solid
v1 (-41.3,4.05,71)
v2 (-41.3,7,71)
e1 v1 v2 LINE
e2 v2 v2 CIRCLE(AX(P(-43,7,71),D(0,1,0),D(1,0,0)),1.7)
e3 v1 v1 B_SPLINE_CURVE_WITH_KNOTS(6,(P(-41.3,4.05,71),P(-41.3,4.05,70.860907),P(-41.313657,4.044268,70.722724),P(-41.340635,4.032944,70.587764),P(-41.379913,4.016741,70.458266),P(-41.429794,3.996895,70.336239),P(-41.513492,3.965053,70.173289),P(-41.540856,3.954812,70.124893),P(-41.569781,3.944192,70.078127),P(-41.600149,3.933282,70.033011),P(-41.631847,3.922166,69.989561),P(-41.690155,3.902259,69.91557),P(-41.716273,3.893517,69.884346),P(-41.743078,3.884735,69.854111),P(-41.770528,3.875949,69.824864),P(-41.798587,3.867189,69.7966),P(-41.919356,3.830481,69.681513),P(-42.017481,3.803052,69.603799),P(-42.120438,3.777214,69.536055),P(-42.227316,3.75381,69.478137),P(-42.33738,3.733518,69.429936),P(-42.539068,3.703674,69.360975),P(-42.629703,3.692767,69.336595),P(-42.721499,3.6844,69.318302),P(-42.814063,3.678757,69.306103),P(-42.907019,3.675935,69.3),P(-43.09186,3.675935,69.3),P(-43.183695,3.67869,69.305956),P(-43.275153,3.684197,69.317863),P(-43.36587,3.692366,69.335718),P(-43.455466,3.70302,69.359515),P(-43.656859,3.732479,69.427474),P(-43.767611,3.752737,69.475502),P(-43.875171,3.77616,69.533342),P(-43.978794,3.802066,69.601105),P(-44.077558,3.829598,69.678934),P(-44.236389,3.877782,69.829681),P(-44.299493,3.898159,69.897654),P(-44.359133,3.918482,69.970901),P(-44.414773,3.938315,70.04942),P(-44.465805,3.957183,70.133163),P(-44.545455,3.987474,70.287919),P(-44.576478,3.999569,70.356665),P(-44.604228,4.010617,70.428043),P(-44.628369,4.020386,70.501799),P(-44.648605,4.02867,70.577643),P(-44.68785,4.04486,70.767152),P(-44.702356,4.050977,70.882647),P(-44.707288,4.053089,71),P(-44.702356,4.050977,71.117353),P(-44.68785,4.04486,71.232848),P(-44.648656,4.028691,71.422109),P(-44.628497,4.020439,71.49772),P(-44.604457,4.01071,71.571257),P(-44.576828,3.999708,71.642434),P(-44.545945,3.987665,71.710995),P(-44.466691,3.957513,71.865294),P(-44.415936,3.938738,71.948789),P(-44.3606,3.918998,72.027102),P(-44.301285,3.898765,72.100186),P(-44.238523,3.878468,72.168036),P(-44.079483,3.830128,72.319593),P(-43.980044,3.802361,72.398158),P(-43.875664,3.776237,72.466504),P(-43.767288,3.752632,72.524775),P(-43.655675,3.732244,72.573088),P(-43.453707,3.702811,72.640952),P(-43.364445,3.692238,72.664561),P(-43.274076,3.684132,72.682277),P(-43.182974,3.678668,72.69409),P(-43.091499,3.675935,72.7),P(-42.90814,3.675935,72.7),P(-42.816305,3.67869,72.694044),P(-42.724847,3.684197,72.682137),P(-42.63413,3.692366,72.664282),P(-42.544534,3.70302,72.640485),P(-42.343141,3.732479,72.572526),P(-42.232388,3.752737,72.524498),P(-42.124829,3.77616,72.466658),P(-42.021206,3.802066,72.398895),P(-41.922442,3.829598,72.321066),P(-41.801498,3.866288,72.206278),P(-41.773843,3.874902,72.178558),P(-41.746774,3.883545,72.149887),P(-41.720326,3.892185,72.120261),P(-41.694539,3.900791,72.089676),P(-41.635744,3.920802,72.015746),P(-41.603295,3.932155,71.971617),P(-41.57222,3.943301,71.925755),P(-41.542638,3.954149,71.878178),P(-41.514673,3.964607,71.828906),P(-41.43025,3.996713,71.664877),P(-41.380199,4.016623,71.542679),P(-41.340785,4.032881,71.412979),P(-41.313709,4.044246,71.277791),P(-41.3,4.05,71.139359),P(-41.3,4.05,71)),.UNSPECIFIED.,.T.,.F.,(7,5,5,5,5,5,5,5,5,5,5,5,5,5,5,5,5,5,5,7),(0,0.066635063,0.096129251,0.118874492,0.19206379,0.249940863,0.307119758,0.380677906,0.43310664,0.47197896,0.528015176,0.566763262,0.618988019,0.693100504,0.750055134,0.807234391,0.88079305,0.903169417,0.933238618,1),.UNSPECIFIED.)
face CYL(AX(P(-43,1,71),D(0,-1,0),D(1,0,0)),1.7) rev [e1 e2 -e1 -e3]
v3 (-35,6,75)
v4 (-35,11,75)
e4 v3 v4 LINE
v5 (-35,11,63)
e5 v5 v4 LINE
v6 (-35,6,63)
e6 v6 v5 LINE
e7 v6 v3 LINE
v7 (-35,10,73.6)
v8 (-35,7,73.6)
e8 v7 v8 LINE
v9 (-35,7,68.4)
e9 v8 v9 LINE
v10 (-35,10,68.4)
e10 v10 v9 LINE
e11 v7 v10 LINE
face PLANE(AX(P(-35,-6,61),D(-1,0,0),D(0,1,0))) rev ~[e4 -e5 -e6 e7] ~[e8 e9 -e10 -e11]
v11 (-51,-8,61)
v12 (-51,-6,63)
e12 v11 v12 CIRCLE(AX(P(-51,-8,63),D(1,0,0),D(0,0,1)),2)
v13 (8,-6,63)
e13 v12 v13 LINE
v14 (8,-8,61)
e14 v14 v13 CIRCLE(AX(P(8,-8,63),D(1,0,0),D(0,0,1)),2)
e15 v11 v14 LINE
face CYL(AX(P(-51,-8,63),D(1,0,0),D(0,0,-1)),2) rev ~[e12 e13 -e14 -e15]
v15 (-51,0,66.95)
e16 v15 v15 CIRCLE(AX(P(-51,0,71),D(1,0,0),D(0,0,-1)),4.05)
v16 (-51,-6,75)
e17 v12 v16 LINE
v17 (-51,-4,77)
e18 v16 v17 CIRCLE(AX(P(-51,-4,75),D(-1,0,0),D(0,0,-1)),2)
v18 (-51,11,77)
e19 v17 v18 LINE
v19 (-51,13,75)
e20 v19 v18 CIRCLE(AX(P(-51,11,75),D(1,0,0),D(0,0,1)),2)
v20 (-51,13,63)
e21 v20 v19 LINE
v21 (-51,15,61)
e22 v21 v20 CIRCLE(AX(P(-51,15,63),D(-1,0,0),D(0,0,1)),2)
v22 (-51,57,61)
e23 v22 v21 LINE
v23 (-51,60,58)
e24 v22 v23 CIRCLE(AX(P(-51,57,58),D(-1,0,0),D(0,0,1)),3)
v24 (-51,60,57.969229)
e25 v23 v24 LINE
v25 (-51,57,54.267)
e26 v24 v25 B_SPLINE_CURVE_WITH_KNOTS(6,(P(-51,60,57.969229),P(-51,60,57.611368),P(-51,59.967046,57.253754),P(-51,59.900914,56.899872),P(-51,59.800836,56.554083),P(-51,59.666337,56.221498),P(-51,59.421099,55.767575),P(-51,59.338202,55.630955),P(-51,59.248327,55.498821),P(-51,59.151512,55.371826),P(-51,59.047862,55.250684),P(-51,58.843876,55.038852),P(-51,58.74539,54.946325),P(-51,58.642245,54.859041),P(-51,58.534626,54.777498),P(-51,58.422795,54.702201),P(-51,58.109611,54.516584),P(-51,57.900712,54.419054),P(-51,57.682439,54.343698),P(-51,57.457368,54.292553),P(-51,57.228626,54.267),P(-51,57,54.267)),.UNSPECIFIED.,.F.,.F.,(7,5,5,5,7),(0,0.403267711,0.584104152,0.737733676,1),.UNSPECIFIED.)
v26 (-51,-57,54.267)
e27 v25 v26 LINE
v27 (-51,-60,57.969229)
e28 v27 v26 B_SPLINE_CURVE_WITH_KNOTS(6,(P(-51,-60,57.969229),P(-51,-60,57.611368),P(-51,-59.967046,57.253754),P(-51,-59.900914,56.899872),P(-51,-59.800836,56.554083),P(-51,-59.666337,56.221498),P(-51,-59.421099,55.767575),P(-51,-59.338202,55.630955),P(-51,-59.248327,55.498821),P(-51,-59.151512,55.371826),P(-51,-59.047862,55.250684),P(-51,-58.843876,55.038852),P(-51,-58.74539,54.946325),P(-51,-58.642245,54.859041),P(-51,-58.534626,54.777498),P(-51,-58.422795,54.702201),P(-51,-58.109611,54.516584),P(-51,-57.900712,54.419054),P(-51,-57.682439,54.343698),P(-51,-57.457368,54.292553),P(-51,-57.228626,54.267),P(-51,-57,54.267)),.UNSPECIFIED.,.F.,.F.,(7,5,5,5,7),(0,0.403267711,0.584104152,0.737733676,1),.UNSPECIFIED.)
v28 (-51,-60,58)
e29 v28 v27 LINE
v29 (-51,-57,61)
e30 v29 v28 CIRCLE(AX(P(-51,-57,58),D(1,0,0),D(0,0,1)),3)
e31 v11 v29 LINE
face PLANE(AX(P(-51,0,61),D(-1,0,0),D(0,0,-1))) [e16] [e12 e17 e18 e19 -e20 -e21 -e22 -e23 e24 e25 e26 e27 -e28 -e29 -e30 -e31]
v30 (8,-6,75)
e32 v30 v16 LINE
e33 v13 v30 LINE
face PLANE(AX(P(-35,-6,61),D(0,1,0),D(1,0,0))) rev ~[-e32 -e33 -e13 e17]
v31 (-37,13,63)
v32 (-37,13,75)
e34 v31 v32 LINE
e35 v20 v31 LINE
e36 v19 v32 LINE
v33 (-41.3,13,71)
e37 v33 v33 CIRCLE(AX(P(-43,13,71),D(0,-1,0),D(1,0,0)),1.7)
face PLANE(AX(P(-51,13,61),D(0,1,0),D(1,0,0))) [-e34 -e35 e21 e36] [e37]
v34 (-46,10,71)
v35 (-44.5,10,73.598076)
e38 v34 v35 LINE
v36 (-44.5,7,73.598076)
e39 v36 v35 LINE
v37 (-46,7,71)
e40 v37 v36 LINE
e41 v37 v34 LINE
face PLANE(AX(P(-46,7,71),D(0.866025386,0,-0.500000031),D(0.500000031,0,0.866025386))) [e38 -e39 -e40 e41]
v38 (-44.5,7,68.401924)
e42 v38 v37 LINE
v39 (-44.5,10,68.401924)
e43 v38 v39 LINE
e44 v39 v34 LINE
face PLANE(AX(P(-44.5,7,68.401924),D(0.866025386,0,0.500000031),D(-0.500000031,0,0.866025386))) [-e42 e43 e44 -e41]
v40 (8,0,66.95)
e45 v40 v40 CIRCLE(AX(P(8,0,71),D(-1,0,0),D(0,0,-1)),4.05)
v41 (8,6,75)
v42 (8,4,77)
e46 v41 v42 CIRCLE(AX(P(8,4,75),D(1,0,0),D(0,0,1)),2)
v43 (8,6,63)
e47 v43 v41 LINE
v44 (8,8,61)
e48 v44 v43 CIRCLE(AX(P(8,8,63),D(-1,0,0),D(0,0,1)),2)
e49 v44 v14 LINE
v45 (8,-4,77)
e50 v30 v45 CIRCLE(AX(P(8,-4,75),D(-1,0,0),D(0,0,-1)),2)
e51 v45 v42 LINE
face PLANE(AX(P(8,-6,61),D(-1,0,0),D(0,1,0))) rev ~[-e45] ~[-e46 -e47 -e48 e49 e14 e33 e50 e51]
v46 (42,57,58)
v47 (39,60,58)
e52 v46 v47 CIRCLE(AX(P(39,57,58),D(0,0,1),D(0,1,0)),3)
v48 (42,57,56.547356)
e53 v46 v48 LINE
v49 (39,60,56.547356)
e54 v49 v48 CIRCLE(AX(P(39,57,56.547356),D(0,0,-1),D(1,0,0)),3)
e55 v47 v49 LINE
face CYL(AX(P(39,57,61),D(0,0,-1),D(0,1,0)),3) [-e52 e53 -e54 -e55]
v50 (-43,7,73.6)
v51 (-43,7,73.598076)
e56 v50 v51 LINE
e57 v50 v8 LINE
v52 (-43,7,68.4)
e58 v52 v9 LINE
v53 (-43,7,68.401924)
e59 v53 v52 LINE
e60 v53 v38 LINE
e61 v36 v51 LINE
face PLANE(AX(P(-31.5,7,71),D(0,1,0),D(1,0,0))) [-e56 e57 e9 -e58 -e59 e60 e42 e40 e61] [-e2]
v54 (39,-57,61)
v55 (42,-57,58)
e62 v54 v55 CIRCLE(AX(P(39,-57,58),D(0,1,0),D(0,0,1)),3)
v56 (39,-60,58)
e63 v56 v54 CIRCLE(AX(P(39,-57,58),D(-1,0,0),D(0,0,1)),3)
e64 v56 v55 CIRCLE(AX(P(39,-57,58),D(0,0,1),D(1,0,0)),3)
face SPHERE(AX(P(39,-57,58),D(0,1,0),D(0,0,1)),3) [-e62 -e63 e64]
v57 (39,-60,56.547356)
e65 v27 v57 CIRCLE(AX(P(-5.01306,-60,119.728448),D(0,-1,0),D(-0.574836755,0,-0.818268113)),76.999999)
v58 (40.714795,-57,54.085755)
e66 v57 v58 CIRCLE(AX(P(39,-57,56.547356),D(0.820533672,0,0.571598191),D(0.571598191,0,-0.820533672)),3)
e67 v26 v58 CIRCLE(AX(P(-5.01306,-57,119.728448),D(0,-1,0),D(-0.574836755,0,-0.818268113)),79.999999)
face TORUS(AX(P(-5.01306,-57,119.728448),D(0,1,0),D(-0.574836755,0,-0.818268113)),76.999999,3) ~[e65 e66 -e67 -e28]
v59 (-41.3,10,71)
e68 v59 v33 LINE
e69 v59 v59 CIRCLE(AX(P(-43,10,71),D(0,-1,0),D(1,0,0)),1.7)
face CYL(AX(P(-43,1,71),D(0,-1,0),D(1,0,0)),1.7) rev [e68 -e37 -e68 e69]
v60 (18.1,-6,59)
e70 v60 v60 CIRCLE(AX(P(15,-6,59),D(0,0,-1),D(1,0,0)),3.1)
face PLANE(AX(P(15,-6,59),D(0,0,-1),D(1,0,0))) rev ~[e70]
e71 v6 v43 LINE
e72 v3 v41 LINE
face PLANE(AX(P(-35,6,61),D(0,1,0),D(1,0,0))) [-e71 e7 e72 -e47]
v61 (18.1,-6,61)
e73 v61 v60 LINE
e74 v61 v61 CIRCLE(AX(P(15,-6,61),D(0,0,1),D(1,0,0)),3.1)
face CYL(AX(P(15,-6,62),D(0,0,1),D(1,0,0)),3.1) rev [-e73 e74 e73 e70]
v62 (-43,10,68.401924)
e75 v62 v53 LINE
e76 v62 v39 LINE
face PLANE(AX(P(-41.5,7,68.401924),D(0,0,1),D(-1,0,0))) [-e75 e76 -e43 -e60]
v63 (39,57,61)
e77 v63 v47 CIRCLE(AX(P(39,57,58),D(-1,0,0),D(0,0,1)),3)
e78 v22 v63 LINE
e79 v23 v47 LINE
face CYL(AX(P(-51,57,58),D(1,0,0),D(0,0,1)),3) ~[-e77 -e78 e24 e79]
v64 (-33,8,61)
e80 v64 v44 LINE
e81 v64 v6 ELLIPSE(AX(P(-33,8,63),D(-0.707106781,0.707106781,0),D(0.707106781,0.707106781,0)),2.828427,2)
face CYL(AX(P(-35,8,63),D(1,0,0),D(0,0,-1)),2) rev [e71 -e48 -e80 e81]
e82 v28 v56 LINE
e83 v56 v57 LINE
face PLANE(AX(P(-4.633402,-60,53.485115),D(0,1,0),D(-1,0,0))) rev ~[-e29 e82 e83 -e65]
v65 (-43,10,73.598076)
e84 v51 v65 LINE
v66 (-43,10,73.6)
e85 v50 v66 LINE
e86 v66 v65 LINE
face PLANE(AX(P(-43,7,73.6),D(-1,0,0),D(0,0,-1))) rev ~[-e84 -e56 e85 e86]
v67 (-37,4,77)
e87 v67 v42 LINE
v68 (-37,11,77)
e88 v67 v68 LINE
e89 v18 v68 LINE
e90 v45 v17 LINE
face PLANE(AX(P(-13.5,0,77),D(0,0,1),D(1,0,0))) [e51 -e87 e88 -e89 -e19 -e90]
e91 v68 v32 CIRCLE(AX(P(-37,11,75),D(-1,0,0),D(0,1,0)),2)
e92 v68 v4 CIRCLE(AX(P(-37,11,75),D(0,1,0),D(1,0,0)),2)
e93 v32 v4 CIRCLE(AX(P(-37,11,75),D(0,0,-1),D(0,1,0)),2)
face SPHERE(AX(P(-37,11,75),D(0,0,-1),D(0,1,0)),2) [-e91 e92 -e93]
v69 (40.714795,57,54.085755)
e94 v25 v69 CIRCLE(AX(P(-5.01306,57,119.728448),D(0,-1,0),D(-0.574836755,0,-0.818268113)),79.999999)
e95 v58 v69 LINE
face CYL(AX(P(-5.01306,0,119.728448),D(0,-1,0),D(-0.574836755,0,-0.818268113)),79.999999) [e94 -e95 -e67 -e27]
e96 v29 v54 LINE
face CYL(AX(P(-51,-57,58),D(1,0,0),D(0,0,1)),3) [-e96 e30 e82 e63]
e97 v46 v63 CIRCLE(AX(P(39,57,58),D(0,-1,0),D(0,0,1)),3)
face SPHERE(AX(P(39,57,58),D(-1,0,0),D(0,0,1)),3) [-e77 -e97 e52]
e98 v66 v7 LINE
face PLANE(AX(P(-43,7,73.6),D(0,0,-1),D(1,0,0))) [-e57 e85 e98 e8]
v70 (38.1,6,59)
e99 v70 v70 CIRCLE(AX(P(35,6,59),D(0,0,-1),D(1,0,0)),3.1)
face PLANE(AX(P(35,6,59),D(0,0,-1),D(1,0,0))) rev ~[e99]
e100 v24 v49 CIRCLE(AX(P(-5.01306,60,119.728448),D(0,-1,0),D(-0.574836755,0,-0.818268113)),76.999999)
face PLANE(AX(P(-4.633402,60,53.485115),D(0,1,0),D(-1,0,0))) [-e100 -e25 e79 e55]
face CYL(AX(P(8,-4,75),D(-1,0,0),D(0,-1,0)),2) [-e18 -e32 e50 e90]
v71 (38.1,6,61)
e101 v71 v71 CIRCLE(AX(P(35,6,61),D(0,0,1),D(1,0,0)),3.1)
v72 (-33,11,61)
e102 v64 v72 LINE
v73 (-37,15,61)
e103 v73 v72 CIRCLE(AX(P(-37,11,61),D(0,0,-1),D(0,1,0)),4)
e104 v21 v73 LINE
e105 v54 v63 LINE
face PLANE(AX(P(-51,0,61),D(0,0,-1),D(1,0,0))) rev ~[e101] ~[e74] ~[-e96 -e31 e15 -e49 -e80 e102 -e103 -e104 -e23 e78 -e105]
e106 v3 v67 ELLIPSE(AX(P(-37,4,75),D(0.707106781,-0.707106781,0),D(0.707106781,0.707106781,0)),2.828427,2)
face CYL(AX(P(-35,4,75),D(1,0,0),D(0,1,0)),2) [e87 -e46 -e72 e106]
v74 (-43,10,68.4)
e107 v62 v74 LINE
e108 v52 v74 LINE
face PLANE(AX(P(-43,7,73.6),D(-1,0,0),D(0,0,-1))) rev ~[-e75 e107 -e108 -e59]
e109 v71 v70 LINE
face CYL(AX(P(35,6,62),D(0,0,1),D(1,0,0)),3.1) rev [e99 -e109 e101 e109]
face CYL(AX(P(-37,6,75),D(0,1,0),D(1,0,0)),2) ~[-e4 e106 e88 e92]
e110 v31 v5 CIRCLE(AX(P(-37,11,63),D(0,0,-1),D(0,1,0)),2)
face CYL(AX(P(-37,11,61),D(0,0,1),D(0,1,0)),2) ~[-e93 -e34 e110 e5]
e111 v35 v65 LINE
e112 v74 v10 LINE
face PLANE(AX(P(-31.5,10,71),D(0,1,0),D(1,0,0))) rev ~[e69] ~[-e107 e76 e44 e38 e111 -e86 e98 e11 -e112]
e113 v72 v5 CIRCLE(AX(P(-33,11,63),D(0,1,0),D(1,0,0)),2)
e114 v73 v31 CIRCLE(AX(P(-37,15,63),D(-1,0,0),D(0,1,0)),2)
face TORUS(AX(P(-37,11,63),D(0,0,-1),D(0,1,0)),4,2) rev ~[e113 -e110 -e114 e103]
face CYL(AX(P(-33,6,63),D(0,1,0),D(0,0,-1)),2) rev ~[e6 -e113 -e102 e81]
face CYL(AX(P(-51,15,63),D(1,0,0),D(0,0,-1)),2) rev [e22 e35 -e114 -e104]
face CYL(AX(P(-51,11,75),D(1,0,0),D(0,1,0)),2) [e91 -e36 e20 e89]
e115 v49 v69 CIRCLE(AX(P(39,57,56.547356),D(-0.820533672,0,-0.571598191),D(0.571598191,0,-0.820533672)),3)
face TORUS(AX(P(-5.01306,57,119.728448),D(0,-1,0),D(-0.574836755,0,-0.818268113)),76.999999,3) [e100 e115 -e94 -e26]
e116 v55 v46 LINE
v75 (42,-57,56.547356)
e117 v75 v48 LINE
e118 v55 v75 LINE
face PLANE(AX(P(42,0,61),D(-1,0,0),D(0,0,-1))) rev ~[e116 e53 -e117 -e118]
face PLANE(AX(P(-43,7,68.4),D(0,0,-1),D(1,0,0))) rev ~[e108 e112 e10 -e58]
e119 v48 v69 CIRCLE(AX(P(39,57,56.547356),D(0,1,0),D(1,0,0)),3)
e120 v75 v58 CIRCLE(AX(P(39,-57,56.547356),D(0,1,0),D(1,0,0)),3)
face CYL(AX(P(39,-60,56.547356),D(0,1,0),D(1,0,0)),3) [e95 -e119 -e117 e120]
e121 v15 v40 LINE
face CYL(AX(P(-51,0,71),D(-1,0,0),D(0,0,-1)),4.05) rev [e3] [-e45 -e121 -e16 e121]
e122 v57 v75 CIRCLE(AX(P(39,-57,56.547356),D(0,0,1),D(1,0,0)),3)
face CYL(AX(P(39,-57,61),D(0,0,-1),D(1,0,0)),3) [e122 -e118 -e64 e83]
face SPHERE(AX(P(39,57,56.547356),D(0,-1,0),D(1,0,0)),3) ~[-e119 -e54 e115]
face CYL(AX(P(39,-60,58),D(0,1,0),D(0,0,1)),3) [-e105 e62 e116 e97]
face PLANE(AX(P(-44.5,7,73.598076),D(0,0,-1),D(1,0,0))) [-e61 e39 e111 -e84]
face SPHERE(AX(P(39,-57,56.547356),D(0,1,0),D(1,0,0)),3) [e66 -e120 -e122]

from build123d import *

# Parameters (mm, degrees)
CYLINDER020_R             = 3.1
CYLINDER020_DEPTH         = 3
CYLINDER021_R             = 3.1
CYLINDER021_DEPTH         = 3
CYLINDER022_R             = 1.7
CYLINDER022_DEPTH         = 21
BOX003_W                  = 23
BOX003_H                  = 5.2
BOX003_DEPTH              = 3
PRISM_DEPTH               = 3
FUSION006_PLACEMENT_ANGLE = 90
CYLINDER006_R             = 4.05
CYLINDER006_DEPTH         = 270
EXTRUDE_DEPTH             = 60
BOX002_W                  = 43
BOX002_H                  = 12
BOX002_DEPTH              = 16
BOX_W                     = 16
BOX_H                     = 19
BOX_DEPTH                 = 16
FILLET_R                  = 3
FILLET001_R               = 2


with BuildPart() as cilindro020:
    # Cylinder020 → Cylinder020 (new body)
    with BuildSketch(Plane(origin=(35, 6, 62), x_dir=(1, 0, 0), z_dir=(0, 0, -1))):
        Circle(CYLINDER020_R)
    extrude(amount=CYLINDER020_DEPTH)


with BuildPart() as cilindro021:
    # Cylinder021 → Cylinder021 (new body)
    with BuildSketch(Plane(origin=(15, -6, 62), x_dir=(1, 0, 0), z_dir=(0, 0, -1))):
        Circle(CYLINDER021_R)
    extrude(amount=CYLINDER021_DEPTH)


with BuildPart() as cilindro022:
    # Cylinder022 → Cylinder022 (new body)
    with BuildSketch(Plane.XY.offset(-6)):
        Circle(CYLINDER022_R)
    extrude(amount=CYLINDER022_DEPTH)


with BuildPart() as cubo003:
    # Box003 → Box003 (new body)
    with BuildSketch(Plane(origin=(0, -2.6, 0), x_dir=(1, 0, 0), z_dir=(0, 0, 1))):
        with Locations((11.5, 2.6)):
            Rectangle(BOX003_W, BOX003_H)
    extrude(amount=BOX003_DEPTH)


with BuildPart() as hueco_tornillo:
    # Prism → Prism (new body)
    with BuildSketch(Plane.XY):
        Polygon((3, 0), (1.5, 2.598076), (-1.5, 2.598076), (-3, 0), (-1.5, -2.598076), (1.5, -2.598076), align=None)
    extrude(amount=PRISM_DEPTH)

    # Fusion006: union Cilindro022, Cubo003
    add(cilindro022.part)
    add(cubo003.part)


with BuildPart() as hueco_tornillo_1:
    # Fusion006 placement: moved
    add(hueco_tornillo.part.moved(Location((-43, 7, 71))).rotate(Axis((-43, 7, 71), (-1, 0, 0)), FUSION006_PLACEMENT_ANGLE))


with BuildPart() as fusion005:
    # Cylinder006 → Cylinder006 (new body)
    with BuildSketch(Plane(origin=(-51, 0, 71), x_dir=(0, 0, -1), z_dir=(1, 0, 0))):
        Circle(CYLINDER006_R)
    extrude(amount=CYLINDER006_DEPTH)

    # Fusion005: union Cilindro020, Cilindro021, hueco_tornillo
    add(cilindro020.part)
    add(cilindro021.part)
    add(hueco_tornillo_1.part)


with BuildPart() as extrude_body:
    # Sketch → Extrude (new body, symmetric)
    with BuildSketch(Plane.XZ):
        with BuildLine():
            Line((-51, 61), (42, 61))
            Line((42, 61), (42, 55))
            ThreePointArc((-51, 54.267), (-4.382542, 39.730934), (42, 55))
            Line((-51, 61), (-51, 54.267))
        make_face()
    extrude(amount=EXTRUDE_DEPTH, both=True)


with BuildPart() as cubo002:
    # Box002 → Box002 (new body)
    with BuildSketch(Plane(origin=(-35, -6, 61), x_dir=(1, 0, 0), z_dir=(0, 0, 1))):
        with Locations((21.5, 6)):
            Rectangle(BOX002_W, BOX002_H)
    extrude(amount=BOX002_DEPTH)


with BuildPart() as fillet001:
    # Box → Box (new body)
    with BuildSketch(Plane(origin=(-51, -6, 61), x_dir=(1, 0, 0), z_dir=(0, 0, 1))):
        with Locations((8, 9.5)):
            Rectangle(BOX_W, BOX_H)
    extrude(amount=BOX_DEPTH)

    # Fusion002: union Extrude body, Cubo002
    add(extrude_body.part)
    add(cubo002.part)

    # Cut006: cut Fusion005
    add(fusion005.part, mode=Mode.SUBTRACT)

    # Fillet
    fillet_edges = [fillet001.edges().sort_by_distance(p)[0] for p in [
        (-4.5, 60, 61),
        (42, 0, 61),
        (-4.5, -60, 61),
        (42, 60, 58),
        (-4.382542, 60, 39.730934),
        (42, 0, 55),
        (42, -60, 58),
        (-4.382542, -60, 39.730934),
    ]]
    fillet(fillet_edges, radius=FILLET_R)

    # Fillet001
    fillet001_edges = [fillet001.edges().sort_by_distance(p)[0] for p in [
        (-43, 13, 61),
        (-35, 9.5, 61),
        (-13.5, 6, 61),
        (-21.5, -6, 61),
        (-35, 13, 69),
        (-43, 13, 77),
        (-35, 9.5, 77),
        (-13.5, 6, 77),
        (-21.5, -6, 77),
    ]]
    fillet(fillet001_edges, radius=FILLET001_R)


solid = fillet001.part
